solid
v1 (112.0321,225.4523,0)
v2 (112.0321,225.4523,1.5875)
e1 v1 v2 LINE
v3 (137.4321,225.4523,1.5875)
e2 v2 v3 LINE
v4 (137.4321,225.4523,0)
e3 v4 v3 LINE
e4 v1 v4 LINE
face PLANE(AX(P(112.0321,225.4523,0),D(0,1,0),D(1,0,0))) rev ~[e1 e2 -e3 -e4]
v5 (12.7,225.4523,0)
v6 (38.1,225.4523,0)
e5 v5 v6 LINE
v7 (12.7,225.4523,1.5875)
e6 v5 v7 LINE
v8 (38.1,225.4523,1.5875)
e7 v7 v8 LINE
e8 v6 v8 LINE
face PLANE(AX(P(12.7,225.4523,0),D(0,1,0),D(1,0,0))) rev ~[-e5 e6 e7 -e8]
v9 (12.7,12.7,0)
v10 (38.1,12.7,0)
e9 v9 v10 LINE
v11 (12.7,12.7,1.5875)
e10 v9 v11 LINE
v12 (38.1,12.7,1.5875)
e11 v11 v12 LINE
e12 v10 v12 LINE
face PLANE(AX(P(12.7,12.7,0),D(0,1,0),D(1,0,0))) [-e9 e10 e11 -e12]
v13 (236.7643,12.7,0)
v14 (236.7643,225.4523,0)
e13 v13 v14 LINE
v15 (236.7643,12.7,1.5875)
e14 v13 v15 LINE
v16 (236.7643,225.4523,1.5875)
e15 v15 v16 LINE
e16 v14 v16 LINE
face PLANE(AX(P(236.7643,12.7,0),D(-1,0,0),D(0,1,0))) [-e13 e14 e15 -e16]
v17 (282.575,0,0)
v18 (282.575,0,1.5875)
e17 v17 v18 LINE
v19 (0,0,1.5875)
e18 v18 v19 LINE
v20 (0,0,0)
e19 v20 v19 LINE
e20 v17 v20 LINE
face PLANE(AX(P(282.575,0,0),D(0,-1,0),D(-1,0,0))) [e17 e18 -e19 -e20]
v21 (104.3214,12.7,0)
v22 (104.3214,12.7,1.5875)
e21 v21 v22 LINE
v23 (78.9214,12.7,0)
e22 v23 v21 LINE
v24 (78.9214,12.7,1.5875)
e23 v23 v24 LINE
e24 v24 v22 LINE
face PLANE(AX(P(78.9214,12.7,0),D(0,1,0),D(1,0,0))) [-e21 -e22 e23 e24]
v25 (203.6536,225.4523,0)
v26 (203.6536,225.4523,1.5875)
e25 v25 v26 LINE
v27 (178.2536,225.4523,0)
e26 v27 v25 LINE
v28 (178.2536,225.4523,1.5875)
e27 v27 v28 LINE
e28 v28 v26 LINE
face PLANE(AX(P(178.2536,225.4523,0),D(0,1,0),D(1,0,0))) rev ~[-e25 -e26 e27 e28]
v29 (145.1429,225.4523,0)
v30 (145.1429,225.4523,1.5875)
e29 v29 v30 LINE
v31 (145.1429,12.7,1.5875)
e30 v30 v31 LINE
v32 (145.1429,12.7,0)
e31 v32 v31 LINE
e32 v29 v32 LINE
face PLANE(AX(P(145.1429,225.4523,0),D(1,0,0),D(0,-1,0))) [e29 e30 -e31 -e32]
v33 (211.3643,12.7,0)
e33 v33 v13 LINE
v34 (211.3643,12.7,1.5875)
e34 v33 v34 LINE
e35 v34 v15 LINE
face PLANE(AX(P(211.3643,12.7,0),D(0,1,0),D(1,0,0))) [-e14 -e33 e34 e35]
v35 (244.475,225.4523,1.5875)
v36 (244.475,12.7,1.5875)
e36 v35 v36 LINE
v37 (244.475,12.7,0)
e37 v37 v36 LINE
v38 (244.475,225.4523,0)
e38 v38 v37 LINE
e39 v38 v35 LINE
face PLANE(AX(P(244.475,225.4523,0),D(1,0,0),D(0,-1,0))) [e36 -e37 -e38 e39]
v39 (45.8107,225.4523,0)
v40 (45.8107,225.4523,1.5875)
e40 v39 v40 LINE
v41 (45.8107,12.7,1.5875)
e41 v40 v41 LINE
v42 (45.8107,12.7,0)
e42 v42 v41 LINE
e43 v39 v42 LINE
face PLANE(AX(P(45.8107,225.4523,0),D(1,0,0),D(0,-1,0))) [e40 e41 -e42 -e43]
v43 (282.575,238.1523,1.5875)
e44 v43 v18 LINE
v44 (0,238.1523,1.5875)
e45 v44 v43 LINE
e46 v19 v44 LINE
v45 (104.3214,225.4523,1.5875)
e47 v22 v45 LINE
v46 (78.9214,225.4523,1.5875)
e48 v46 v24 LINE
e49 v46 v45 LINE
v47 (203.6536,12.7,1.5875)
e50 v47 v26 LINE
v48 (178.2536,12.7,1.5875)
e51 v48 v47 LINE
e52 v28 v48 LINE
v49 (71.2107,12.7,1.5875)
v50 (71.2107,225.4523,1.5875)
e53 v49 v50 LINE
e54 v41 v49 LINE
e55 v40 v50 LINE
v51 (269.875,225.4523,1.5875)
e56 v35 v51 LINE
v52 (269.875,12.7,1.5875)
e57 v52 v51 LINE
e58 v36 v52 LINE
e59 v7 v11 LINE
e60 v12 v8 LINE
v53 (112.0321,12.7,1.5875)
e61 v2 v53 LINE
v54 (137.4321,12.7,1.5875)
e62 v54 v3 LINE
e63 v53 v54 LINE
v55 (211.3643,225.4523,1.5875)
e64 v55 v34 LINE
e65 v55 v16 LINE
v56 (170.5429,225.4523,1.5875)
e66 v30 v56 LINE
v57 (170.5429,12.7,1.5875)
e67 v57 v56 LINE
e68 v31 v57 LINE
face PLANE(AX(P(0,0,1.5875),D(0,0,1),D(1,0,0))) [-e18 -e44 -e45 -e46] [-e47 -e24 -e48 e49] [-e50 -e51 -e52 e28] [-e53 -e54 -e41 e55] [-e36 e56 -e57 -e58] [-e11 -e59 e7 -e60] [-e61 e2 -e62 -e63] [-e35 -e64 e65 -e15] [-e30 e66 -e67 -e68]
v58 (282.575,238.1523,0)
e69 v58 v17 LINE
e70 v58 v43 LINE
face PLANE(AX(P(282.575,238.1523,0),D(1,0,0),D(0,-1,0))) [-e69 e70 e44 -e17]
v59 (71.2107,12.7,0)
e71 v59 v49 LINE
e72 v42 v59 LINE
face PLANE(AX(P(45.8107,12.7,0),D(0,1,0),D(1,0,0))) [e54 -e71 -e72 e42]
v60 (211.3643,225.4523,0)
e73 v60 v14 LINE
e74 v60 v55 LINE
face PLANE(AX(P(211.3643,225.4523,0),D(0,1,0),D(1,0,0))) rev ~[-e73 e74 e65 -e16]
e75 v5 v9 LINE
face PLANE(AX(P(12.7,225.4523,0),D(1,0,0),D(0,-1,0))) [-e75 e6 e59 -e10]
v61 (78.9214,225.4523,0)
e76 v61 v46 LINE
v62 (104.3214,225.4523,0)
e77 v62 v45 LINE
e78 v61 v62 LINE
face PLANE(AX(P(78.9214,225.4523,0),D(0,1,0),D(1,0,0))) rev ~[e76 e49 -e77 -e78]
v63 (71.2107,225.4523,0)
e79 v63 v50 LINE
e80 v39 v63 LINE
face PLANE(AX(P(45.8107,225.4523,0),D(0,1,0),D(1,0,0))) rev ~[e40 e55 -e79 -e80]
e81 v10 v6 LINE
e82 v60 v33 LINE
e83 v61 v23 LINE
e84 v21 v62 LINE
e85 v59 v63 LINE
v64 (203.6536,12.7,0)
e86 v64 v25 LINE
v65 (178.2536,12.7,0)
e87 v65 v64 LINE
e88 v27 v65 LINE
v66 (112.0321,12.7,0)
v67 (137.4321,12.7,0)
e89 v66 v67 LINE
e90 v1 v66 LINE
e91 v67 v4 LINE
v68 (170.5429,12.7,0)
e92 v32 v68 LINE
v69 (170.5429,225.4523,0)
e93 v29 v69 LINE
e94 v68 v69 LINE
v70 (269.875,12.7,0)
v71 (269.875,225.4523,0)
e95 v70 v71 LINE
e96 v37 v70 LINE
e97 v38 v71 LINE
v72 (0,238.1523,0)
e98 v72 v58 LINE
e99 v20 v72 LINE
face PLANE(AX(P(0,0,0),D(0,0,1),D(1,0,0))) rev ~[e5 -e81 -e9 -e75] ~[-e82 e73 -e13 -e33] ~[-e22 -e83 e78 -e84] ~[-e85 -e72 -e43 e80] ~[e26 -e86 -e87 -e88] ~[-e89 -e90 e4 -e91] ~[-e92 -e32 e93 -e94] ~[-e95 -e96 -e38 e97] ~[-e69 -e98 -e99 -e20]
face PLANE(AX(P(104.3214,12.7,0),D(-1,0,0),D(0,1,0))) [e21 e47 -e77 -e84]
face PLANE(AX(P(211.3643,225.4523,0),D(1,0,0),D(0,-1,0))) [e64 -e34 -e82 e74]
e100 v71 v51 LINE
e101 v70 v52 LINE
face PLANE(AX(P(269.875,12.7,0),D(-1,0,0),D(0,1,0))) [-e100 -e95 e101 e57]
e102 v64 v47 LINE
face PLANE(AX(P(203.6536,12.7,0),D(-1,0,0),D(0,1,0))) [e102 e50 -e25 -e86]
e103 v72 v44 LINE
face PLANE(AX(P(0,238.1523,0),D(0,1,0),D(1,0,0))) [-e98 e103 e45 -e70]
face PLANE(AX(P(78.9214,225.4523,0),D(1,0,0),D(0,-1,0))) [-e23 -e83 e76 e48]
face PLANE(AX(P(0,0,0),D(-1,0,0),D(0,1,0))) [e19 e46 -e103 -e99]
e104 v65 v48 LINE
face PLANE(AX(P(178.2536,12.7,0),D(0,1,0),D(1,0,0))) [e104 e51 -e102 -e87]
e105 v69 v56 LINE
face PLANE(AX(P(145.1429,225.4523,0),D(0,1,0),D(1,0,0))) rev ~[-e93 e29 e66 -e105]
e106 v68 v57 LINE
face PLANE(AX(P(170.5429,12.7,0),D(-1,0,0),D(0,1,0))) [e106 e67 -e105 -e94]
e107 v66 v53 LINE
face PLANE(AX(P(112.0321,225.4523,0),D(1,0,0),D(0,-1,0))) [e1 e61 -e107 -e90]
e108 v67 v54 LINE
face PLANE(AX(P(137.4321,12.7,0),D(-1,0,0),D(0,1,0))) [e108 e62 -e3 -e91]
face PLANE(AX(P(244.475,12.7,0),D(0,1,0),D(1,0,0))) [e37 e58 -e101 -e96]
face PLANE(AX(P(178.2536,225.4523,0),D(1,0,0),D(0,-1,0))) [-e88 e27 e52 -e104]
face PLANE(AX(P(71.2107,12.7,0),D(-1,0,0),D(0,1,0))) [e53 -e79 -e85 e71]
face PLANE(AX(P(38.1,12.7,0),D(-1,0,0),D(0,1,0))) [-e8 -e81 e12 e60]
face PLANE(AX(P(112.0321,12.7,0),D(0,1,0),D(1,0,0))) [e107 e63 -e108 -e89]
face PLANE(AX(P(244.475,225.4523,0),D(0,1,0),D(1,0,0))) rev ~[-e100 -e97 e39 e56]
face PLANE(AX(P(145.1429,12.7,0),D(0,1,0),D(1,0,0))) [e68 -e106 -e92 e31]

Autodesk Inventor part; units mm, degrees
ref_plane "YZ Plane" through (0, 0, 0) normal (1, 0, 0) x (0, 1, 0)
ref_plane "XZ Plane" through (0, 0, 0) normal (0, 1, 0) x (-1, 0, 0)
ref_plane "XY Plane" through (0, 0, 0) normal (0, 0, 1) x (1, 0, 0)
sketch "Sketch1" plane through (0, 0, 0) normal (0, 0, 1) x (1, 0, 0)
  line L0 (0, 0) -> (0, 238.1523)
  line L1 (0, 238.1523) -> (282.575, 238.1523)
  line L2 (282.575, 238.1523) -> (282.575, 0)
  line L3 (282.575, 0) -> (0, 0)
  line L4 (12.7, 225.4523) -> (38.1, 225.4523)
  line L5 (12.7, 225.4523) -> (12.7, 12.7)
  line L6 (12.7, 12.7) -> (38.1, 12.7)
  line L7 (38.1, 12.7) -> (38.1, 225.4523)
  line L8 (45.8107, 225.4523) -> (71.2107, 225.4523)
  line L9 (45.8107, 225.4523) -> (45.8107, 12.7)
  line L10 (45.8107, 12.7) -> (71.2107, 12.7)
  line L11 (71.2107, 12.7) -> (71.2107, 225.4523)
  line L12 (78.9214, 225.4523) -> (104.3214, 225.4523)
  line L13 (78.9214, 225.4523) -> (78.9214, 12.7)
  line L14 (78.9214, 12.7) -> (104.3214, 12.7)
  line L15 (104.3214, 12.7) -> (104.3214, 225.4523)
  line L16 (112.0321, 225.4523) -> (137.4321, 225.4523)
  line L17 (112.0321, 225.4523) -> (112.0321, 12.7)
  line L18 (112.0321, 12.7) -> (137.4321, 12.7)
  line L19 (137.4321, 12.7) -> (137.4321, 225.4523)
  line L20 (145.1429, 225.4523) -> (170.5429, 225.4523)
  line L21 (145.1429, 225.4523) -> (145.1429, 12.7)
  line L22 (145.1429, 12.7) -> (170.5429, 12.7)
  line L23 (170.5429, 12.7) -> (170.5429, 225.4523)
  line L24 (178.2536, 225.4523) -> (203.6536, 225.4523)
  line L25 (178.2536, 225.4523) -> (178.2536, 12.7)
  line L26 (178.2536, 12.7) -> (203.6536, 12.7)
  line L27 (203.6536, 12.7) -> (203.6536, 225.4523)
  line L28 (211.3643, 225.4523) -> (236.7643, 225.4523)
  line L29 (211.3643, 225.4523) -> (211.3643, 12.7)
  line L30 (211.3643, 12.7) -> (236.7643, 12.7)
  line L31 (236.7643, 12.7) -> (236.7643, 225.4523)
  line L32 (244.475, 225.4523) -> (269.875, 225.4523)
  line L33 (244.475, 225.4523) -> (244.475, 12.7)
  line L34 (244.475, 12.7) -> (269.875, 12.7)
  line L35 (269.875, 12.7) -> (269.875, 225.4523)
  dimension "d0" = 238.1523
  dimension "d1" = 282.575
  dimension "d2" = 25.4
  dimension "d3" = 12.7
  dimension "d5" = 12.7
  dimension "d6" = 12.7
  dimension "d9" = 33.1107
extrude "Extrusion1" add sketch "Sketch1" along normal blind 1.5875
properties part number "Back Plate Flat" material "Polycarbonate, Clear"
